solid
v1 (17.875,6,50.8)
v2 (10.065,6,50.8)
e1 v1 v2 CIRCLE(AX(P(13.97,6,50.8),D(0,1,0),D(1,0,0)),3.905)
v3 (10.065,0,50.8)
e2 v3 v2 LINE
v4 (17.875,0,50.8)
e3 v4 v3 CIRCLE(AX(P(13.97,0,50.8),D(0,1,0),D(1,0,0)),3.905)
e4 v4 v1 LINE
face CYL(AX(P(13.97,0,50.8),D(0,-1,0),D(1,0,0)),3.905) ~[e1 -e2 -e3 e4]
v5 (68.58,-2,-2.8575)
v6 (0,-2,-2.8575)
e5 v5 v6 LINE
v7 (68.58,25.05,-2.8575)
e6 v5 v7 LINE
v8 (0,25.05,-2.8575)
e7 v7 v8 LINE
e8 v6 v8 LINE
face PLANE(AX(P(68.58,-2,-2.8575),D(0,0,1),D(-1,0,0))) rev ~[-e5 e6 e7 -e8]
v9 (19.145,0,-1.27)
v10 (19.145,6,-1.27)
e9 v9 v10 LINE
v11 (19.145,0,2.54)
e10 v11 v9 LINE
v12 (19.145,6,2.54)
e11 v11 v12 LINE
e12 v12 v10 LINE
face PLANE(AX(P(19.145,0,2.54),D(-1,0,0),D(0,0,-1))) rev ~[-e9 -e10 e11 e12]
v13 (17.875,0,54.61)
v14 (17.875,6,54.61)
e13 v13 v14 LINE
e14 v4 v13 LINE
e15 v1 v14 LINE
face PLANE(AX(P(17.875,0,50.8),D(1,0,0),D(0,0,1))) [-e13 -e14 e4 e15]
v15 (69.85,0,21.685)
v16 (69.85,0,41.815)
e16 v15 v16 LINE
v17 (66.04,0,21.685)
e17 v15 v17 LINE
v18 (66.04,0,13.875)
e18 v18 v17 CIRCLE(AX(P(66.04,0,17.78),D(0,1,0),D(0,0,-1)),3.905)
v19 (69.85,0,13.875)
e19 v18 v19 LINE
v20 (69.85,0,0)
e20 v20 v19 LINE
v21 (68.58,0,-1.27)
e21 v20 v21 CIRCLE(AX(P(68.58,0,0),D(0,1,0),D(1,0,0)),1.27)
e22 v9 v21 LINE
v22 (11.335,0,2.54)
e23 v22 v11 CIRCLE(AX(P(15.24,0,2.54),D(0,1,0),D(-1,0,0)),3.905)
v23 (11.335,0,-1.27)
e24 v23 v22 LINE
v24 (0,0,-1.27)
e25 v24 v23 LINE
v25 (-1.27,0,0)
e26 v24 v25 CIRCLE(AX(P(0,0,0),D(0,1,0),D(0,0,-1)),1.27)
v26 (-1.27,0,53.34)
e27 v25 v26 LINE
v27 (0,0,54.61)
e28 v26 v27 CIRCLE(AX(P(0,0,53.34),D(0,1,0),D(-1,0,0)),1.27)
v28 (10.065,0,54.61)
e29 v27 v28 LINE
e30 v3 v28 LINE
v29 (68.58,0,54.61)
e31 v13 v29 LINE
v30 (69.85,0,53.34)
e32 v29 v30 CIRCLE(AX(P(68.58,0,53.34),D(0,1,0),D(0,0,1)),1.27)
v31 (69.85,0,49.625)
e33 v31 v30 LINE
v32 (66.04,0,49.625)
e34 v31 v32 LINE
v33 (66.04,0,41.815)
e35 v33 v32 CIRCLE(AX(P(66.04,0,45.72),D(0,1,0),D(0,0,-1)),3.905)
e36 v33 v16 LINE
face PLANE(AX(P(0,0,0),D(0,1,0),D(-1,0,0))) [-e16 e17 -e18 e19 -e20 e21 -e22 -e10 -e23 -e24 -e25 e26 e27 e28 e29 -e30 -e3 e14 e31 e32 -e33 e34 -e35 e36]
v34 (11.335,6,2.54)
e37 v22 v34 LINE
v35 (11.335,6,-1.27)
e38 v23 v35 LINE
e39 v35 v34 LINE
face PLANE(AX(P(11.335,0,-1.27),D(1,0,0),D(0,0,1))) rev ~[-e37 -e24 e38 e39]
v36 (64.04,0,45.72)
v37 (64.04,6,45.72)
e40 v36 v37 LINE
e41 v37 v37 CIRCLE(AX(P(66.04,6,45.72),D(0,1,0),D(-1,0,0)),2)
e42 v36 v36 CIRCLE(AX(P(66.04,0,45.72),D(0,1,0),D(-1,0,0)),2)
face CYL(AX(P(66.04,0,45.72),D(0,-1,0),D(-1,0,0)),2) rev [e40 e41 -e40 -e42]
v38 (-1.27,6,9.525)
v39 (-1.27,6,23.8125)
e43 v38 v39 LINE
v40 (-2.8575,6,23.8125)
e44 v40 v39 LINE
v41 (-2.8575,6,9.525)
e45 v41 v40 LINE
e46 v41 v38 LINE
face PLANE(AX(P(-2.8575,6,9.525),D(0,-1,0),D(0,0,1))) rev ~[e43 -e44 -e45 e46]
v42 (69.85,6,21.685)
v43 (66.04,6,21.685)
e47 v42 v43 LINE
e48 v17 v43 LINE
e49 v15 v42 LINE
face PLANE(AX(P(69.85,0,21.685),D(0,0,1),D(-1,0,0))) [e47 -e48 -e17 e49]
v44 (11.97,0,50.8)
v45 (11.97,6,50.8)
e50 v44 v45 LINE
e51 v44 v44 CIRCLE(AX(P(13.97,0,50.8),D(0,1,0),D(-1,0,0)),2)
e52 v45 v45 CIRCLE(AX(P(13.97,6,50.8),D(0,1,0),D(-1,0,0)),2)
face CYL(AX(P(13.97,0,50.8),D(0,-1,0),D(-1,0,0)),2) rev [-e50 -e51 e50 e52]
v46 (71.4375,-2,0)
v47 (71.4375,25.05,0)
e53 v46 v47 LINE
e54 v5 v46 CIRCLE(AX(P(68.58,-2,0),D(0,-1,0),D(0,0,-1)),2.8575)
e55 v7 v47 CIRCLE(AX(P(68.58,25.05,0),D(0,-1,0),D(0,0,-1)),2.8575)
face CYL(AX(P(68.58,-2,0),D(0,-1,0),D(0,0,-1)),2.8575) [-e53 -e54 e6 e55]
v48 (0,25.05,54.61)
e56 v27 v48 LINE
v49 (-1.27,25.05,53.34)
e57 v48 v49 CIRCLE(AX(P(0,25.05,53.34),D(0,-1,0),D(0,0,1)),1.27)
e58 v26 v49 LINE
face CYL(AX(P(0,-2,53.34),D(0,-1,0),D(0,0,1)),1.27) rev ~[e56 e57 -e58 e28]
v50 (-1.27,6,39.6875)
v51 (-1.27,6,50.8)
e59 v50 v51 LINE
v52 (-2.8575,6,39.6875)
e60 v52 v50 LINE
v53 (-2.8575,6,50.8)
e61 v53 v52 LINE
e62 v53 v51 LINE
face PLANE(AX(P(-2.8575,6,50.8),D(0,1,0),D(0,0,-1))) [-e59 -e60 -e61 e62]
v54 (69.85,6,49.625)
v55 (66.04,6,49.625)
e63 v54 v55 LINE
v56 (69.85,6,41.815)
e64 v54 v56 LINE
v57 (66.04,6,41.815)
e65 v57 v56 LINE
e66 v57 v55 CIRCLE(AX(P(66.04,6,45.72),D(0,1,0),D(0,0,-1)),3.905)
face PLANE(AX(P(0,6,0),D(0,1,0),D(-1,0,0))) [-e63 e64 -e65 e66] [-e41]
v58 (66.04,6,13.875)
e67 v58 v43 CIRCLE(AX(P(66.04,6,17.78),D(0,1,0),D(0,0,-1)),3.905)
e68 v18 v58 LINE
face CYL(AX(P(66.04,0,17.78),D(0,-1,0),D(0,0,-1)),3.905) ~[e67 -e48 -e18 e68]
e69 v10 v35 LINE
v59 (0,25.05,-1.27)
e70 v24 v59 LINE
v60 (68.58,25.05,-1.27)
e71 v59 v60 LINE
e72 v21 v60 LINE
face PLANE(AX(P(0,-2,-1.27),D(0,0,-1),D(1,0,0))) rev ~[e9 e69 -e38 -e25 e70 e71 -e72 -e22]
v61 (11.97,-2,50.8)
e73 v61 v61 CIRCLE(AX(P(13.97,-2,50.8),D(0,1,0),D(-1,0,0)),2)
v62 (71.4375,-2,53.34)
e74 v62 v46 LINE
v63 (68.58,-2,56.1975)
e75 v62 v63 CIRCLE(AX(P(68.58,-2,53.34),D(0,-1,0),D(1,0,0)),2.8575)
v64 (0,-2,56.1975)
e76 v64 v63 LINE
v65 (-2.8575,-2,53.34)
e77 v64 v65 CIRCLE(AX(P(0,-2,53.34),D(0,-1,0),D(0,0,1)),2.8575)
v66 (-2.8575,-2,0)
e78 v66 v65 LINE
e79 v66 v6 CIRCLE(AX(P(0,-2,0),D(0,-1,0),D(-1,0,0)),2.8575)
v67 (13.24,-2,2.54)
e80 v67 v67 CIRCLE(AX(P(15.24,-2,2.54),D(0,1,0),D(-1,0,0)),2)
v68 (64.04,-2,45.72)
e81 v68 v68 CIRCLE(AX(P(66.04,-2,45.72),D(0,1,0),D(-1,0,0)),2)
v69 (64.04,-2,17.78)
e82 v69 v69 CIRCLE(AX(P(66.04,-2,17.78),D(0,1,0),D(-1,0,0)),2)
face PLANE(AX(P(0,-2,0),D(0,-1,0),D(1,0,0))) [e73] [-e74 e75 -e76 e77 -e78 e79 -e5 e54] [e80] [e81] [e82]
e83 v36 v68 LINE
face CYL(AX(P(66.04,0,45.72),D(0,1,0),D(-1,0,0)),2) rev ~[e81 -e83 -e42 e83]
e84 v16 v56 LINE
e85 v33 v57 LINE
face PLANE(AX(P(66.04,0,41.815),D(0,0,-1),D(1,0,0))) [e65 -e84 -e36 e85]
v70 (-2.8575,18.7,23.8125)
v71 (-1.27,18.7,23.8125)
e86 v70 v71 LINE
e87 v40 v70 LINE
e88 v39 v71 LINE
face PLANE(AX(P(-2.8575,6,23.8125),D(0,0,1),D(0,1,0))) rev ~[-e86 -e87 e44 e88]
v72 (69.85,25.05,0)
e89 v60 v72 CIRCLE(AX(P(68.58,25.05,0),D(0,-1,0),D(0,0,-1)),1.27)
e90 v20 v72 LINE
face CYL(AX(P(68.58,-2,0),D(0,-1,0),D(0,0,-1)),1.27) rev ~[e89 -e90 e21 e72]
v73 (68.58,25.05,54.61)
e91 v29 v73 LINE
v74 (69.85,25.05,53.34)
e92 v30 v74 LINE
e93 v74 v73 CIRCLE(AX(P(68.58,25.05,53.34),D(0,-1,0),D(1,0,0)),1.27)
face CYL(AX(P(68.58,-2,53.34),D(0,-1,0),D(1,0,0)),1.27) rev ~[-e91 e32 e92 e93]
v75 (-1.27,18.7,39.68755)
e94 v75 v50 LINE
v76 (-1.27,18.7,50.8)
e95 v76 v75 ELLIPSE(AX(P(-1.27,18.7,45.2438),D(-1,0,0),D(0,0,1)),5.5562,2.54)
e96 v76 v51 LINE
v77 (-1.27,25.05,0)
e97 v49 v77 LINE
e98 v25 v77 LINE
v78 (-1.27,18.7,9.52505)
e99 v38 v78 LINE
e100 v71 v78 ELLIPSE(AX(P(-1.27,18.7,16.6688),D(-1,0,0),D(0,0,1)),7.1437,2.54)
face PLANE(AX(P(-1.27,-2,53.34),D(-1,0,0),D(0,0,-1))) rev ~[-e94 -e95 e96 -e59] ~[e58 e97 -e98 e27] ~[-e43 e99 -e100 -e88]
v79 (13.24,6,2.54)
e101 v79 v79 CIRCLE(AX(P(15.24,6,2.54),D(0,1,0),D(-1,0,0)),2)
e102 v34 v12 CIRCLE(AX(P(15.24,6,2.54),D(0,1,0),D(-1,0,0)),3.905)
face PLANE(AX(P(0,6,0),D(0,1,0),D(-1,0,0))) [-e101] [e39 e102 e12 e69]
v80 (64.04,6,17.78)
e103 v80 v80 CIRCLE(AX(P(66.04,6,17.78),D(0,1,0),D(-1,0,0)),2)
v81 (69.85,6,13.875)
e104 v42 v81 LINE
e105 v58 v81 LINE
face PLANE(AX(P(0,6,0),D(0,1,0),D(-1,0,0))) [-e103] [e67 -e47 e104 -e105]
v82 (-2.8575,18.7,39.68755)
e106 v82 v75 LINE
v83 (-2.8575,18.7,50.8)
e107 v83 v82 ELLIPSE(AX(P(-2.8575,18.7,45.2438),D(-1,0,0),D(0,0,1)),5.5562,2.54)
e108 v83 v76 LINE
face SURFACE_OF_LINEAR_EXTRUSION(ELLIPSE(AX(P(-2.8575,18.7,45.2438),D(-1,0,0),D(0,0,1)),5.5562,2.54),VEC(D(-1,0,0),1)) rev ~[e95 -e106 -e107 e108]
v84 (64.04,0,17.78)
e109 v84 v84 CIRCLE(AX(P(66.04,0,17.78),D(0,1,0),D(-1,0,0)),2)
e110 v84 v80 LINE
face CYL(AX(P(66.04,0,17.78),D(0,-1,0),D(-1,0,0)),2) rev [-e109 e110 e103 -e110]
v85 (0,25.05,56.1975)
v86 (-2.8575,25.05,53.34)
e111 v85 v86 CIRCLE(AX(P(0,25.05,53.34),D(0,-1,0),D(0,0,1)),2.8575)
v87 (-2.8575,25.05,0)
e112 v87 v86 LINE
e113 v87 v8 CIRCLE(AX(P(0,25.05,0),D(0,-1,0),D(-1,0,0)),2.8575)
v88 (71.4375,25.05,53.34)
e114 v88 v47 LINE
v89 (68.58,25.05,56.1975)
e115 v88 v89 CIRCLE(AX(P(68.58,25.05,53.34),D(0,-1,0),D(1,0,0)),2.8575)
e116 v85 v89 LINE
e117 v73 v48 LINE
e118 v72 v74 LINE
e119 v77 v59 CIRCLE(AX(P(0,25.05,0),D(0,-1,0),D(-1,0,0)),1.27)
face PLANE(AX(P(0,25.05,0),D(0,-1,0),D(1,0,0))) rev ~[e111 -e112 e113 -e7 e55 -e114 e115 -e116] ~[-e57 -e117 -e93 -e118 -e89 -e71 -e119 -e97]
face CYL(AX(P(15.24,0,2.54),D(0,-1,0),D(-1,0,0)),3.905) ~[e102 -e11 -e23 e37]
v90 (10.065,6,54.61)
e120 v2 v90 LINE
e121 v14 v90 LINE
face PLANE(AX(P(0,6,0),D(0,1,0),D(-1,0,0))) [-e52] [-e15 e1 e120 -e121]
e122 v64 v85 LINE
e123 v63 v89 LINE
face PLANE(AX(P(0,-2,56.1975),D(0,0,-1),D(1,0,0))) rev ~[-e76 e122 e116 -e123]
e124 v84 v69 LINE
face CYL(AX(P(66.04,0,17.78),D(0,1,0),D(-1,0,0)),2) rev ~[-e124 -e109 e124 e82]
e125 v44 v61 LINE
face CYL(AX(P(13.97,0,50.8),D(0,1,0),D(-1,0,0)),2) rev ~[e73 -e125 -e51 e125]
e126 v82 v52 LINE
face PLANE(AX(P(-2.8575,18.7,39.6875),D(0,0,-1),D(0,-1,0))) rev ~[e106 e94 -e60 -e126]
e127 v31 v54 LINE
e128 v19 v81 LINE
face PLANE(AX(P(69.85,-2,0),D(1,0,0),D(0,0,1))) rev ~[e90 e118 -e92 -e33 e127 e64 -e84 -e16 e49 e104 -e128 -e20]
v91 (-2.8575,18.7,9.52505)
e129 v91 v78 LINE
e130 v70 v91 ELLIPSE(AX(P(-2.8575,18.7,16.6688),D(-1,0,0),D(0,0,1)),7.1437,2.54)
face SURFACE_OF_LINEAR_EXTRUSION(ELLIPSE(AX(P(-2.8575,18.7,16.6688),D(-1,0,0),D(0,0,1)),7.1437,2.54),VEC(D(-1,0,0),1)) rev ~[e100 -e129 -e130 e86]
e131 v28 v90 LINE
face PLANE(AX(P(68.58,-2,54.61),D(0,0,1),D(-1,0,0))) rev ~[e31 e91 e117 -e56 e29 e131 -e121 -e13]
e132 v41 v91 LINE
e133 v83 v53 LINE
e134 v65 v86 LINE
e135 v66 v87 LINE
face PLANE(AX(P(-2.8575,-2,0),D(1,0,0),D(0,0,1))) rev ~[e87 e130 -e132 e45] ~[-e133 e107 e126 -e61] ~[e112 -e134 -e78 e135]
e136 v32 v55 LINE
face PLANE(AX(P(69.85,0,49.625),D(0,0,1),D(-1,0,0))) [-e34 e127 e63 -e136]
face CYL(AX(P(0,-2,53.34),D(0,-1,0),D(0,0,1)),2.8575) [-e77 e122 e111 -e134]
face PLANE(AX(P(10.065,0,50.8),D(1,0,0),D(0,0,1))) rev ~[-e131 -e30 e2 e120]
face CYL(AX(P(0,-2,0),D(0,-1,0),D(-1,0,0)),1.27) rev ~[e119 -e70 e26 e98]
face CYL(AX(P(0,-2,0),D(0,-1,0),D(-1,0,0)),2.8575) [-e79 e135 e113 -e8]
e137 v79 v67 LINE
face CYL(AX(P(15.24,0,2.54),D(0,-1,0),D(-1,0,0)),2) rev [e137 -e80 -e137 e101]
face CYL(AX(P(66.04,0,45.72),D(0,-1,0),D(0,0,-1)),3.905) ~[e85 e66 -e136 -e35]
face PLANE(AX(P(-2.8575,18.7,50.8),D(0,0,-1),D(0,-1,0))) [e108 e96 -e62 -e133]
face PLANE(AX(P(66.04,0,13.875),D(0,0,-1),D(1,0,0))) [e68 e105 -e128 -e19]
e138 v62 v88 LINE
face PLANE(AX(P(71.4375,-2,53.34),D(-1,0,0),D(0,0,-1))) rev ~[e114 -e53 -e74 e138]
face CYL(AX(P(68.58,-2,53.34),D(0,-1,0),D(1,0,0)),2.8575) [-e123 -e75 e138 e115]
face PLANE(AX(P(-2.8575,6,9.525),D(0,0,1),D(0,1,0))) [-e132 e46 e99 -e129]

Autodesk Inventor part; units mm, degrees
ref_plane "YZ Plane" through (0, 0, 0) normal (1, 0, 0) x (0, 1, 0)
ref_plane "XZ Plane" through (0, 0, 0) normal (0, 1, 0) x (-1, 0, 0)
ref_plane "XY Plane" through (0, 0, 0) normal (0, 0, 1) x (1, 0, 0)
sketch "Sketch1" plane through (0, 0, 0) normal (0, 1, 0) x (-1, 0, 0)
  circle A0 centre (-15.24, 2.54) radius 2
  circle A1 centre (-66.04, 17.78) radius 2
  circle A2 centre (-66.04, 45.72) radius 2
  line L0 (0, 0) -> (-68.58, 0) construction
  line L1 (-68.58, 0) -> (-68.58, 53.34) construction
  line L2 (-68.58, 53.34) -> (0, 53.34) construction
  line L3 (0, 53.34) -> (0, 0) construction
  line L4 (-68.58, -1.27) -> (0, -1.27)
  line L5 (1.27, 0) -> (1.27, 53.34)
  line L6 (0, 54.61) -> (-68.58, 54.61)
  line L7 (-69.85, 53.34) -> (-69.85, 0)
  arc A3 (0, -1.27) -> (1.27, 0) centre (0, 0) ccw
  arc A4 (-69.85, 0) -> (-68.58, -1.27) centre (-68.58, 0) ccw
  arc A5 (-68.58, 54.61) -> (-69.85, 53.34) centre (-68.58, 53.34) ccw
  arc A6 (1.27, 53.34) -> (0, 54.61) centre (0, 53.34) ccw
  arc A7 (-11.335, 2.54) -> (-19.145, 2.54) centre (-15.24, 2.54) ccw
  arc A8 (-66.04, 41.815) -> (-66.04, 49.625) centre (-66.04, 45.72) ccw
  arc A9 (-66.04, 13.875) -> (-66.04, 21.685) centre (-66.04, 17.78) ccw
  line L8 (-11.335, 2.54) -> (-19.145, 2.54) construction
  line L9 (-19.145, 2.54) -> (-19.145, -1.27)
  line L10 (-19.145, -1.27) -> (-11.335, -1.27)
  line L11 (-11.335, -1.27) -> (-11.335, 2.54)
  line L12 (-66.04, 13.875) -> (-69.85, 13.875)
  line L13 (-69.85, 13.875) -> (-69.85, 21.685)
  line L14 (-69.85, 21.685) -> (-66.04, 21.685)
  line L15 (-66.04, 21.685) -> (-66.04, 13.875) construction
  line L16 (-66.04, 41.815) -> (-69.85, 41.815)
  line L17 (-69.85, 41.815) -> (-69.85, 49.625)
  line L18 (-69.85, 49.625) -> (-66.04, 49.625)
  line L19 (-66.04, 49.625) -> (-66.04, 41.815) construction
  line L20 (-11.335, 54.61) -> (-19.145, 54.61)
  circle A10 centre (-13.97, 50.8) radius 2
  circle A11 centre (-13.97, 50.8) radius 3.905 construction
  arc A12 (-17.875, 50.8) -> (-10.065, 50.8) centre (-13.97, 50.8) ccw
  line L21 (-17.875, 50.8) -> (-17.875, 54.61)
  line L22 (-10.065, 50.8) -> (-10.065, 54.61)
  point P0 (-15.24, 2.54)
  dimension "d0" = 4
  dimension "d4" = 15.24
  dimension "d5" = 2.54
  dimension "d6" = 17.78
  dimension "d7" = 66.04
  dimension "d8" = 45.72
  dimension "d10" = 2.54
  dimension "d12" = 1.27
  dimension "d13" = 1.27
  dimension "d14" = 1.905
  dimension "d51" = 53.34
  dimension "d52" = 50.8
  dimension "d54" = 1.27
extrude "Extrusion1" add sketch "Sketch1" along normal blind 6 contours L9 A7 L11 L4 | L7 L14 A9 L12 | L7 L18 A8 L16 | L22 A12 L21 L6
extrude "Extrusion2" add sketch "Sketch1" against normal blind 2
sketch "Sketch2" plane through (0, -2, 0) normal (0, -1, 0) x (1, 0, 0)
  line L0 (68.58, 54.61) -> (0, 54.61) projected
  arc A0 (0, 54.61) -> (-1.27, 53.34) centre (0, 53.34) ccw projected
  line L1 (-1.27, 53.34) -> (-1.27, 0) projected
  arc A1 (-1.27, 0) -> (0, -1.27) centre (0, 0) ccw projected
  line L2 (0, -1.27) -> (68.58, -1.27) projected
  arc A2 (68.58, -1.27) -> (69.85, 0) centre (68.58, 0) ccw projected
  line L3 (69.85, 0) -> (69.85, 53.34) projected
  arc A3 (69.85, 53.34) -> (68.58, 54.61) centre (68.58, 53.34) ccw projected
  line L4 (68.58, -2.8575) -> (0, -2.8575)
  arc A4 (-2.8575, 0) -> (0, -2.8575) centre (0, 0) ccw
  line L5 (-2.8575, 0) -> (-2.8575, 53.34)
  arc A5 (0, 56.1975) -> (-2.8575, 53.34) centre (0, 53.34) ccw
  line L6 (0, 56.1975) -> (68.58, 56.1975)
  arc A6 (71.4375, 53.34) -> (68.58, 56.1975) centre (68.58, 53.34) ccw
  line L7 (71.4375, 53.34) -> (71.4375, 0)
  arc A7 (68.58, -2.8575) -> (71.4375, 0) centre (68.58, 0) ccw
  point P0 (0, 0)
  dimension "d19" = 1.5875
extrude "Extrusion3" add sketch "Sketch2" against normal blind 27.05
sketch "Sketch4" plane through (-2.8575, -2, 0) normal (-1, 0, 0) x (0, 0, 1)
  line L0 (0, 2) -> (53.34, 2) projected
  line L1 (0, 27.05) -> (53.34, 27.05) projected
  line L2 (50.8, 20.7) -> (39.6875, 20.7) construction
  line L3 (39.6875, 20.7) -> (39.6875, 8)
  ellipse E0 centre (45.2438, 20.7) end of major axis (50.8, 20.7) minor radius 2.54 (50.8, 20.7) -> (39.6875, 20.7) ccw
  ellipse E1 centre (45.2438, 20.7) end of major axis (50.8, 20.7) minor radius 2.54 (39.6875, 20.7) -> (50.8, 20.7) ccw construction
  line L4 (9.525, 8) -> (9.525, 20.7)
  line L5 (23.8125, 8) -> (23.8125, 20.7)
  ellipse E2 centre (16.6688, 20.7) end of major axis (23.8125, 20.7) minor radius 2.54 (23.8125, 20.7) -> (9.525, 20.7) ccw
  line L6 (9.525, 8) -> (23.8125, 8)
  line L7 (50.8, 20.7) -> (50.8, 8)
  line L8 (50.8, 8) -> (39.6875, 8)
  line L9 (50.8, 8) -> (54.61, 8) projected
  line L10 (54.61, 8) -> (50.8, 8) projected
  line L11 (50.8, 8) -> (50.8, 8) projected
  line L12 (48.8, 8) -> (52.8, 8) projected
  line L13 (2.54, 8) -> (-1.27, 8) projected
  line L14 (-1.27, 8) -> (2.54, 8) projected
  line L15 (2.54, 8) -> (2.54, 8) projected
  line L16 (0.54, 8) -> (4.54, 8) projected
  line L17 (53.34, 0) -> (53.34, 27.05) projected
  point P0 (2.54, 2)
  point P1 (2.54, 2)
  point P2 (2.54, 2)
  point P3 (2.54, 2)
  dimension "d26" = 2.54
  dimension "d29" = 2.54
  dimension "d25" = 11.1125
  dimension "d27" = 9.525
  dimension "d28" = 14.2875
  dimension "d56" = 2.54
  dimension "d57" = 12.7
extrude "Extrusion5" cut sketch "Sketch4" against normal up to surface (1.5875 mm away)
sketch "Sketch6" plane through (0, 0, 0) normal (0, 1, 0) x (1, 0, 0)
  line L0 (28.6568, -13.7506) -> (43.0772, -34.6602)
  point P0 (0, 0)
  dimension "d50" = 25.4
sketch "Sketch7" plane through (-2.8575, -2, 0) normal (-1, 0, 0) x (0, 0, 1)
  line L0 (0, 0) -> (0, 27.05) projected
  line L1 (0, 0) -> (-8.89, 0)
  line L2 (-8.89, 0) -> (-21.1351, -14.5931)
  line L3 (-21.1351, -14.5931) -> (-21.1351, -17.1331)
  line L4 (-21.1351, -17.1331) -> (11.9427, -44.8887)
  line L5 (53.34, 0) -> (0, 0) construction
  line L6 (26.67, 0) -> (26.67, -45.2204) construction
  line L7 (-8.89, 0) -> (25.1607, -28.5719) construction
  point P0 (0, 2)
  dimension "d58" = 8.89
  dimension "d59" = 19.05
  dimension "d60" = 130
  dimension "d61" = 2.54
  dimension "d62" = 43.18
  dimension "d63" = 130
properties part number "ArduinoHolder-v2"
